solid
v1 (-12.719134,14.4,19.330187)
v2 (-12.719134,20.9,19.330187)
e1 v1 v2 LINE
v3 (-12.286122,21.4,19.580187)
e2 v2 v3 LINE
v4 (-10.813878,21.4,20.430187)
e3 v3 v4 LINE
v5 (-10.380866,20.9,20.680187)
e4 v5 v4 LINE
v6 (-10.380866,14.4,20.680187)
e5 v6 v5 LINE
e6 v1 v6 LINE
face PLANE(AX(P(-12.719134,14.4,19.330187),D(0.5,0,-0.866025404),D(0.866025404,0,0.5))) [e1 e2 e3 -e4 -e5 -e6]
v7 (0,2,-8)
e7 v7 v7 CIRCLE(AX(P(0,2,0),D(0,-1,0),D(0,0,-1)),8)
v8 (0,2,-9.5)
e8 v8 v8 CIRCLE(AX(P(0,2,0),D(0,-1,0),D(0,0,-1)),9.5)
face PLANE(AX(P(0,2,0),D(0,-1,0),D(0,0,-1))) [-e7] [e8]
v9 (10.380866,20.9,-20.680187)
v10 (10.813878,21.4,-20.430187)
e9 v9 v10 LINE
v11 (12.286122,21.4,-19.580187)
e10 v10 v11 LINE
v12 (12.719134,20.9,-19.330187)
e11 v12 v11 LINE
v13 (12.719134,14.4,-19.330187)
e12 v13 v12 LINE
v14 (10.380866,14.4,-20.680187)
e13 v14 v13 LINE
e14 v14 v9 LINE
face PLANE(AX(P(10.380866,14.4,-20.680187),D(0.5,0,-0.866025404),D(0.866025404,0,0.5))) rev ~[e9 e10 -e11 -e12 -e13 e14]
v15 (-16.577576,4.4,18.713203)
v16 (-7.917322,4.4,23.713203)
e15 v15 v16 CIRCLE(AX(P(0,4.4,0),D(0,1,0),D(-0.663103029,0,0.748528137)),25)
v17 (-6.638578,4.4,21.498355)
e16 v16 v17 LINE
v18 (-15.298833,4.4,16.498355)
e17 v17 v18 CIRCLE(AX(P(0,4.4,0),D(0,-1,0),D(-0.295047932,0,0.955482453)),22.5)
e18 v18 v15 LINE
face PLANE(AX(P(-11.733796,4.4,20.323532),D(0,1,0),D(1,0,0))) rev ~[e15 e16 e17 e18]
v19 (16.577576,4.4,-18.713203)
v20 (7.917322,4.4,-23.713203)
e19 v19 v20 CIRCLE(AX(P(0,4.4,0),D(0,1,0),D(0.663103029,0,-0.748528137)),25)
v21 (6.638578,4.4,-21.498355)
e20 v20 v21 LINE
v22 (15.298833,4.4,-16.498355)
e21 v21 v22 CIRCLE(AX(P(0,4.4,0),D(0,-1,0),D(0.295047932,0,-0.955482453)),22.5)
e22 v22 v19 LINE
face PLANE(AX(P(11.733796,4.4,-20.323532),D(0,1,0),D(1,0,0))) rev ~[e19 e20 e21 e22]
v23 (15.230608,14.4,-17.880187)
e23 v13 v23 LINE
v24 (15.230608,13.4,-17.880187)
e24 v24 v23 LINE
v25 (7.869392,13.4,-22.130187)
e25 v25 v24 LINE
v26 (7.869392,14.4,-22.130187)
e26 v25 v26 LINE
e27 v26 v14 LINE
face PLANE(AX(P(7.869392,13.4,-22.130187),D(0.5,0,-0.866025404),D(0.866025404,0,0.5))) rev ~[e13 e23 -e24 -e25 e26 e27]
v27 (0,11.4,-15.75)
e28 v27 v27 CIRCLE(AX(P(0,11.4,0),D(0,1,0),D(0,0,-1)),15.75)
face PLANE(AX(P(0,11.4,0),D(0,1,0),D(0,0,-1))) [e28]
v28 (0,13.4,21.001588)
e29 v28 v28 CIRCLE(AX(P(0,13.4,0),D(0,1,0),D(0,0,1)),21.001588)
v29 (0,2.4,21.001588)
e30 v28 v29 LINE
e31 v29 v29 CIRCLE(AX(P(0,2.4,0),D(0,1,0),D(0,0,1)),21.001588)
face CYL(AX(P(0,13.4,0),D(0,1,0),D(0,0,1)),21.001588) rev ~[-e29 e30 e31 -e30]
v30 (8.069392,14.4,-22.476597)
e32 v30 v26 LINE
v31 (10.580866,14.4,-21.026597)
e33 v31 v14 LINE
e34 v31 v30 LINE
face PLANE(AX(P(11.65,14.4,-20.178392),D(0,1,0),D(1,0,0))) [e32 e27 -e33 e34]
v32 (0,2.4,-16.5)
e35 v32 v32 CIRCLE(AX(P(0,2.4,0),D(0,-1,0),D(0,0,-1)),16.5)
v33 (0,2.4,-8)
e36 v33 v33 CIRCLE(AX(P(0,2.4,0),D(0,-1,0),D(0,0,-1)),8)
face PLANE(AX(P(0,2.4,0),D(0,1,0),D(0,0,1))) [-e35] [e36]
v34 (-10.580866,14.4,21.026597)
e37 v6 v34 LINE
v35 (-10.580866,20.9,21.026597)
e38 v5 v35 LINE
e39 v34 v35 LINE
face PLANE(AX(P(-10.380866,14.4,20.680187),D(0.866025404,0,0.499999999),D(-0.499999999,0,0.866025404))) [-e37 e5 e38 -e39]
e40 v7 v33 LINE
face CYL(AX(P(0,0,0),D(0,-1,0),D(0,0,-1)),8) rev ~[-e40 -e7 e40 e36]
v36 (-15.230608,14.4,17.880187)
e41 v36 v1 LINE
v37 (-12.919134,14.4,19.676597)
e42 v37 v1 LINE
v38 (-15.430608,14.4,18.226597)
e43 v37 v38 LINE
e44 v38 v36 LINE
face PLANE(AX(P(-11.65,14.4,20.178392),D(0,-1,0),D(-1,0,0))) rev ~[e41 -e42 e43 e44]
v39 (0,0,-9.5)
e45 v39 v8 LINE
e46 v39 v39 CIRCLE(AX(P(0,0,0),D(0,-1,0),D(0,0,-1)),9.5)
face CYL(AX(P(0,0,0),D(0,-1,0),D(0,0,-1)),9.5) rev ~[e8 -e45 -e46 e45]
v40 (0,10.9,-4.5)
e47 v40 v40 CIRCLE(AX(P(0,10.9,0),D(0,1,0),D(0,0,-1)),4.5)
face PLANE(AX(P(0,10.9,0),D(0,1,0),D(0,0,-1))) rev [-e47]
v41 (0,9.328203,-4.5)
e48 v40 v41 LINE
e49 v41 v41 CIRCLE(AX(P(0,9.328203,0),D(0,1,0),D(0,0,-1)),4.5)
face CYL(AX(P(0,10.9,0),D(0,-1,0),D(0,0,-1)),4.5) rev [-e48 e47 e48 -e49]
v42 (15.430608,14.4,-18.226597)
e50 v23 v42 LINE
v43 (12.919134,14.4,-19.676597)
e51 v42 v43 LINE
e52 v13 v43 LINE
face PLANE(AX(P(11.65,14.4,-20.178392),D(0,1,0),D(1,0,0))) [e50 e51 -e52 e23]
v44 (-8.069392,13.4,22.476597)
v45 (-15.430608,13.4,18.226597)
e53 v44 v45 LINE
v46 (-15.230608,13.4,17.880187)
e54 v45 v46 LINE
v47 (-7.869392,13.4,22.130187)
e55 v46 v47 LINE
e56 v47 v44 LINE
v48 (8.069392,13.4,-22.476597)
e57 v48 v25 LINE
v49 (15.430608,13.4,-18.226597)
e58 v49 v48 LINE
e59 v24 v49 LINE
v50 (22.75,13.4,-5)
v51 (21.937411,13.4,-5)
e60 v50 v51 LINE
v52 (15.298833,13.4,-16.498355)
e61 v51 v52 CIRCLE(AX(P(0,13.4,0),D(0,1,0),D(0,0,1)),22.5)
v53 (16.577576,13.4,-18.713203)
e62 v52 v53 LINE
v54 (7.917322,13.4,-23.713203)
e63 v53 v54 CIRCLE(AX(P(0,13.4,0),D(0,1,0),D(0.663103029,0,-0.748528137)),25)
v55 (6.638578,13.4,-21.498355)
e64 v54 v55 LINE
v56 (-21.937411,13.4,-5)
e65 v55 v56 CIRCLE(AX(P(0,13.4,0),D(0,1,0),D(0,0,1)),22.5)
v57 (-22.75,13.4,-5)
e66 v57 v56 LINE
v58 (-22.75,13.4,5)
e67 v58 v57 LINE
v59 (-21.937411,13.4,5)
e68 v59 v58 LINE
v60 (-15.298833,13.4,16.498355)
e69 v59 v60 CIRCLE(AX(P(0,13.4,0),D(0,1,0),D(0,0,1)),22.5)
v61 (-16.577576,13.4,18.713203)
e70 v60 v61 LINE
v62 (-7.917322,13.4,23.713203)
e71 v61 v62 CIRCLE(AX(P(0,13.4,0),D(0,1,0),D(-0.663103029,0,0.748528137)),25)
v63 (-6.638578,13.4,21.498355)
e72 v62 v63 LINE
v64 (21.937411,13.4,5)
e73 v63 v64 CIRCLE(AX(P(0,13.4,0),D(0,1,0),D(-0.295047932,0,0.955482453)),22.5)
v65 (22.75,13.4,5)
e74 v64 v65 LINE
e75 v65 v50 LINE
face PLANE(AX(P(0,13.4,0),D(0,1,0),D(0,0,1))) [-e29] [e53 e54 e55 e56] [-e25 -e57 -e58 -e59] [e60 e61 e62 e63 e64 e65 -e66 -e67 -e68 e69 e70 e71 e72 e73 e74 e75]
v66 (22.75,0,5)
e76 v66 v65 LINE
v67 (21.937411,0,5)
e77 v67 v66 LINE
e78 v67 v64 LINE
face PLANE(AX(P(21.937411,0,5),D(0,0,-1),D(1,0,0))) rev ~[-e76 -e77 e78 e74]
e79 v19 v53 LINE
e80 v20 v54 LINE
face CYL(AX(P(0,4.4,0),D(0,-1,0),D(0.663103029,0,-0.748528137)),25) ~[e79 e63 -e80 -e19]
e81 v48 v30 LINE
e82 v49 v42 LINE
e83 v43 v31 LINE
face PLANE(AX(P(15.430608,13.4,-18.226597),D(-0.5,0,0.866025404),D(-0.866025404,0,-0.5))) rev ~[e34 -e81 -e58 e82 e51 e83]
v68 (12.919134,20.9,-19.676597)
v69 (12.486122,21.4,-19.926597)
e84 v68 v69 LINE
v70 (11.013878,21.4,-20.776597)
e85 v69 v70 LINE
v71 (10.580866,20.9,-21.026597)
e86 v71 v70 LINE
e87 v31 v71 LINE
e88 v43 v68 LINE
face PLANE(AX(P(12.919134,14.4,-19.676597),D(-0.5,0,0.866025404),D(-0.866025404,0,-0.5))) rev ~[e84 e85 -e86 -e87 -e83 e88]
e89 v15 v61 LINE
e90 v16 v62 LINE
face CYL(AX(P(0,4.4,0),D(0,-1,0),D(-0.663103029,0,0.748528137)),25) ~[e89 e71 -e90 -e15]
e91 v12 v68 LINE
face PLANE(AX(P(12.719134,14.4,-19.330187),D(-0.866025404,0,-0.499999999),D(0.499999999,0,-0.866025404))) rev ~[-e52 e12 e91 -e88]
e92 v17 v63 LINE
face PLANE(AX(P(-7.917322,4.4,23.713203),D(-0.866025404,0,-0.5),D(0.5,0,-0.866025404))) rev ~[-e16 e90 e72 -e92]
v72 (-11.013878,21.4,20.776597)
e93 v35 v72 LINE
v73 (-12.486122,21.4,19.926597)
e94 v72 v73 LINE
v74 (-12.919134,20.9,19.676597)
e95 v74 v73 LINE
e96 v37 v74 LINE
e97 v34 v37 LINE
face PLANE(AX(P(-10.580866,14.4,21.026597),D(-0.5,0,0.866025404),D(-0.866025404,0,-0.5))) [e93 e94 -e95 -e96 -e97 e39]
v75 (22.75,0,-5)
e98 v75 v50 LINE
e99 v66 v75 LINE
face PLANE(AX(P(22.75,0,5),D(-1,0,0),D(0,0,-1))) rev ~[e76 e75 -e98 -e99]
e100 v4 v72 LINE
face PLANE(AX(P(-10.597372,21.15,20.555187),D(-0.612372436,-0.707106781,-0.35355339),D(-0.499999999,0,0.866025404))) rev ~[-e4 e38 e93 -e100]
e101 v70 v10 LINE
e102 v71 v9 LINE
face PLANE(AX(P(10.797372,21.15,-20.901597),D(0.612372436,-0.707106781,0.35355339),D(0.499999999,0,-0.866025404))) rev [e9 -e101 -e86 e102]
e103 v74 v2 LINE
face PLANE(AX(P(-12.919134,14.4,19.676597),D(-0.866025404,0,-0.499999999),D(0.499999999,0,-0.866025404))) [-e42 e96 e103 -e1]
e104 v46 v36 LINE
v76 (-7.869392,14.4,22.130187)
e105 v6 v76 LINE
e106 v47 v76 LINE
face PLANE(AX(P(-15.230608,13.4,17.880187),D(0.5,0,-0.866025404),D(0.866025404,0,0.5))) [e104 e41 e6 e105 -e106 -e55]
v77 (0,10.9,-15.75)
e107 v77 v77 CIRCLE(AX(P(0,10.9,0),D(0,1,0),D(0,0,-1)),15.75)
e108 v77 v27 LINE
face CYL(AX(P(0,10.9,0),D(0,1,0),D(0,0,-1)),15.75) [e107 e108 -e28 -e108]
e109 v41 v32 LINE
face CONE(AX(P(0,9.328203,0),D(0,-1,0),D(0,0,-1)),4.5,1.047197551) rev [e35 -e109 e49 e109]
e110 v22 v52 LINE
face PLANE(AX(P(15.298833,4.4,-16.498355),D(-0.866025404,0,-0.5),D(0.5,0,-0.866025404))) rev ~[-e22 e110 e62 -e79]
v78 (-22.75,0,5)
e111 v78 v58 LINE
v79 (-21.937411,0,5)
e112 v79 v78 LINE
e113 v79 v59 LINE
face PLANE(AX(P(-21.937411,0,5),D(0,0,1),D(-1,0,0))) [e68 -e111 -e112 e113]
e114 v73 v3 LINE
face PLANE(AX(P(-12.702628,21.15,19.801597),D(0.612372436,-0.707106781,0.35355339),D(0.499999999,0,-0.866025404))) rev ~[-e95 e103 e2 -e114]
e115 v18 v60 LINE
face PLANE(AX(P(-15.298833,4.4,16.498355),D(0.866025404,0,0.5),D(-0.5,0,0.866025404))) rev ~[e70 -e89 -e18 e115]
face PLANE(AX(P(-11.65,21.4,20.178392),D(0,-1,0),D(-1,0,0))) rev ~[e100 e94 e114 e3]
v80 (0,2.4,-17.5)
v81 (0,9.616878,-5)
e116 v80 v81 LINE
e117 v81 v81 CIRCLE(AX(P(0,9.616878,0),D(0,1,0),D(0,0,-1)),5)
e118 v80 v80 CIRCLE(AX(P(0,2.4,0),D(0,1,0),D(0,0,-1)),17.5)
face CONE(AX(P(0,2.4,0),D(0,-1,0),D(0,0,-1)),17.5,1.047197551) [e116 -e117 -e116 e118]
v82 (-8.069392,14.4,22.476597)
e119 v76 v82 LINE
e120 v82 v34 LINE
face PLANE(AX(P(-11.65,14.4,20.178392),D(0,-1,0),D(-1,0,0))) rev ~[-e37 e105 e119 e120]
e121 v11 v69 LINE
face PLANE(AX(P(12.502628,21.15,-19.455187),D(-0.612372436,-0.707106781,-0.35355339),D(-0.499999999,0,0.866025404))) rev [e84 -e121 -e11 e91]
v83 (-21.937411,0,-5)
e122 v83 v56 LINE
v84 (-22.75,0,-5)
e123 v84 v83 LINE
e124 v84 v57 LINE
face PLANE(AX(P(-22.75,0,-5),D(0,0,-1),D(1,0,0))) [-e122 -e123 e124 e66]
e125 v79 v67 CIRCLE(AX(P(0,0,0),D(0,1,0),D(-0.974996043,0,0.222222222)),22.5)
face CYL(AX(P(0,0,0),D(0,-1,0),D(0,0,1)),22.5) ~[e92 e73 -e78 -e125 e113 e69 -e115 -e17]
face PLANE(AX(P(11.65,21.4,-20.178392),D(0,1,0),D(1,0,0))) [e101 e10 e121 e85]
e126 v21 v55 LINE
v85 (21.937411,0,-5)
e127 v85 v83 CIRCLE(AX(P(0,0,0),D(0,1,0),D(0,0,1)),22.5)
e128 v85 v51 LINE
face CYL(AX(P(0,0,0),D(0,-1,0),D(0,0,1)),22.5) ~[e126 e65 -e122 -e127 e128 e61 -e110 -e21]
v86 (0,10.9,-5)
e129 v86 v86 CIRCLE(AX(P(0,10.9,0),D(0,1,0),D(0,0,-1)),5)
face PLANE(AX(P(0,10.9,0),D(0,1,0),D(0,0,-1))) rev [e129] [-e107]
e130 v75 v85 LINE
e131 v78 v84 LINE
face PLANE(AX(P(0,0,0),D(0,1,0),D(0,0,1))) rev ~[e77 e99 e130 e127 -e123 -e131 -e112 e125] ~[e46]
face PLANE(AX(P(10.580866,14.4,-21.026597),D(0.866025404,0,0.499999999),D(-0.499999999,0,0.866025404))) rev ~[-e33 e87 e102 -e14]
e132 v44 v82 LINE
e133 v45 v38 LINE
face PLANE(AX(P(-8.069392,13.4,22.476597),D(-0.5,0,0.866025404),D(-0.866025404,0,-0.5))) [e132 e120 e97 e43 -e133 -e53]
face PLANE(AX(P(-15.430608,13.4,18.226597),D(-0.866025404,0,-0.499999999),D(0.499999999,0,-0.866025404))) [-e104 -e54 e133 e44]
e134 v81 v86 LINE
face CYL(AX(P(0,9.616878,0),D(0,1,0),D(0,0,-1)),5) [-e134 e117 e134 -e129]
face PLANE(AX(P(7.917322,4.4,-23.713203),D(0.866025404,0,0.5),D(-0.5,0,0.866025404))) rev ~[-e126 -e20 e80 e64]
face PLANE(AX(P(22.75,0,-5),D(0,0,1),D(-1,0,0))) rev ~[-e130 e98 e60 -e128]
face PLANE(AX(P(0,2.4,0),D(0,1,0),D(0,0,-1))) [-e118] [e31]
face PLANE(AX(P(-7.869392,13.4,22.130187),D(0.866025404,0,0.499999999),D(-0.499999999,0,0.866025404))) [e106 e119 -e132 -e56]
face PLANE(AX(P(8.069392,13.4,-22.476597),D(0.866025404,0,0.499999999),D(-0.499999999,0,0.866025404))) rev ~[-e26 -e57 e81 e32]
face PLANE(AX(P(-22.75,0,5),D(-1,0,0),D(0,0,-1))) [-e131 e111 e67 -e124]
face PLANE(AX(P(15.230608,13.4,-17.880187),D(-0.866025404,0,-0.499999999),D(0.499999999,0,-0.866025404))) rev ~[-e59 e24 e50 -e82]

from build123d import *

# Parameters (mm, degrees)
SKETCH_1_R          = 22.5
EXTRUDE_1_DEPTH     = 13.4
SKETCH_5_R          = 21.001588026
CUT_EXTRUDE_1_DEPTH = 11
SKETCH_6_R          = 8
CUT_EXTRUDE_2_DEPTH = 3
EXTRUDE_START       = -9
EXTRUDE_6_DEPTH     = 9
EXTRUDE_7_DEPTH     = 1
EXTRUDE_8_DEPTH     = 7
CHAMFER_1_SIZE      = 0.5
SKETCH_13_R         = 9.5
CUT_EXTRUDE_4_DEPTH = 2
EXTRUDE_10_DEPTH    = 13.4


with BuildPart() as part:
    # Эскиз1 → Бобышка-Вытянуть1 (new body)
    with BuildSketch(Plane(origin=(0, 0, 0), x_dir=(1, 0, 0), z_dir=(0, 1, 0))):
        with Locations(Location((0, 0, 0), (0, 0, 270))):
            Circle(SKETCH_1_R)
    extrude(amount=EXTRUDE_1_DEPTH)

    # Эскиз5 → Вырез-Вытянуть1 (cut)
    with BuildSketch(Plane(origin=(0, 13.4, 0), x_dir=(1, 0, 0), z_dir=(0, 1, 0))):
        with Locations(Location((0, 0, 0), (0, 0, 270))):
            Circle(SKETCH_5_R)
    extrude(amount=-CUT_EXTRUDE_1_DEPTH, mode=Mode.SUBTRACT)

    # Эскиз6 → Вырез-Вытянуть2 (cut)
    with BuildSketch(Plane(origin=(0, 0, 0), x_dir=(-1, 0, 0), z_dir=(0, -1, 0))):
        with Locations(Location((0, 0, 0), (0, 0, 90))):
            Circle(SKETCH_6_R)
    extrude(amount=-CUT_EXTRUDE_2_DEPTH, mode=Mode.SUBTRACT)

    # Эскиз8 → Бобышка-Вытянуть6 (add)
    with BuildSketch(Plane(origin=(0, 13.4, 0), x_dir=(1, 0, 0), z_dir=(0, 1, 0)).offset(EXTRUDE_START)):
        with BuildLine():
            Line((7.917321695, 23.713203436), (6.638578465, 21.498355192))
            ThreePointArc((6.638578465, 21.498355192), (11.25, 19.485571585), (15.298832503, 16.498355192))
            Line((15.298832503, 16.498355192), (16.577575733, 18.713203436))
            ThreePointArc((16.577575733, 18.713203436), (12.5, 21.650635095), (7.917321695, 23.713203436))
        make_face()
        with BuildLine():
            Line((-7.917321695, -23.713203436), (-6.638578465, -21.498355192))
            ThreePointArc((-6.638578465, -21.498355192), (-11.25, -19.485571585), (-15.298832503, -16.498355192))
            Line((-15.298832503, -16.498355192), (-16.577575733, -18.713203436))
            ThreePointArc((-16.577575733, -18.713203436), (-12.5, -21.650635095), (-7.917321695, -23.713203436))
        make_face()
    extrude(amount=EXTRUDE_6_DEPTH)

    # Эскиз9 → Бобышка-Вытянуть7 (add)
    with BuildSketch(Plane(origin=(0, 13.4, 0), x_dir=(1, 0, 0), z_dir=(0, 1, 0))):
        Polygon((8.069392034, 22.476596989), (7.869392034, 22.130186827), (15.230607966, 17.880186827), (15.430607966, 18.226596989), align=None)
        Polygon((-8.069392034, -22.476596989), (-15.430607966, -18.226596989), (-15.230607966, -17.880186827), (-7.869392034, -22.130186827), align=None)
    extrude(amount=EXTRUDE_7_DEPTH)

    # Эскиз10 → Бобышка-Вытянуть8 (add)
    with BuildSketch(Plane(origin=(0, 14.4, 0), x_dir=(1, 0, 0), z_dir=(0, 1, 0))):
        Polygon((10.580865705, 21.026596989), (10.380865705, 20.680186827), (12.719134295, 19.330186827), (12.919134295, 19.676596989), align=None)
        Polygon((-10.580865705, -21.026596989), (-12.919134295, -19.676596989), (-12.719134295, -19.330186827), (-10.380865705, -20.680186827), align=None)
    extrude(amount=EXTRUDE_8_DEPTH)

    # Фаска1
    chamfer_1_edges = [part.edges().sort_by_distance(p)[0] for p in [
        (10.480865705, 21.4, -20.853391908),
        (12.819134295, 21.4, -19.503391908),
        (-10.480865705, 21.4, 20.853391908),
        (-12.819134295, 21.4, 19.503391908),
    ]]
    chamfer(chamfer_1_edges, length=CHAMFER_1_SIZE)

    # Эскиз11 → Повернуть1 (revolve)
    with BuildSketch(Plane(origin=(0, 0, 0), x_dir=(0, 0, -1), z_dir=(1, 0, 0))):
        Polygon((20.5, 2.4), (17.5, 2.4), (5, 9.616878365), (5, 10.9), (15.75, 10.9), (15.75, 11.4), (0, 11.4), (0, 10.9), (4.5, 10.9), (4.5, 9.32820323), (17.366025404, 1.9), (20.5, 1.9), align=None)
    revolve(axis=Axis((0, 0, 0), (0, 1, 0)))

    # Эскиз13 → Вырез-Вытянуть4 (cut)
    with BuildSketch(Plane.XZ):
        with Locations(Location((0, 0, 0), (0, 0, 270))):
            Circle(SKETCH_13_R)
    extrude(amount=-CUT_EXTRUDE_4_DEPTH, mode=Mode.SUBTRACT)

    # Эскиз15 → Бобышка-Вытянуть10 (add)
    with BuildSketch(Plane.XZ):
        with BuildLine():
            Line((-21.937410968, 5), (-22.75, 5))
            Line((-22.75, 5), (-22.75, -5))
            Line((-22.75, -5), (-21.937410968, -5))
            ThreePointArc((-21.937410968, -5), (-22.5, 0), (-21.937410968, 5))
        make_face()
        with BuildLine():
            Line((22.75, 5), (22.75, -5))
            Line((22.75, -5), (21.937410968, -5))
            ThreePointArc((21.937410968, -5), (22.5, 0), (21.937410968, 5))
            Line((21.937410968, 5), (22.75, 5))
        make_face()
    extrude(amount=-EXTRUDE_10_DEPTH)


solid = part.part
